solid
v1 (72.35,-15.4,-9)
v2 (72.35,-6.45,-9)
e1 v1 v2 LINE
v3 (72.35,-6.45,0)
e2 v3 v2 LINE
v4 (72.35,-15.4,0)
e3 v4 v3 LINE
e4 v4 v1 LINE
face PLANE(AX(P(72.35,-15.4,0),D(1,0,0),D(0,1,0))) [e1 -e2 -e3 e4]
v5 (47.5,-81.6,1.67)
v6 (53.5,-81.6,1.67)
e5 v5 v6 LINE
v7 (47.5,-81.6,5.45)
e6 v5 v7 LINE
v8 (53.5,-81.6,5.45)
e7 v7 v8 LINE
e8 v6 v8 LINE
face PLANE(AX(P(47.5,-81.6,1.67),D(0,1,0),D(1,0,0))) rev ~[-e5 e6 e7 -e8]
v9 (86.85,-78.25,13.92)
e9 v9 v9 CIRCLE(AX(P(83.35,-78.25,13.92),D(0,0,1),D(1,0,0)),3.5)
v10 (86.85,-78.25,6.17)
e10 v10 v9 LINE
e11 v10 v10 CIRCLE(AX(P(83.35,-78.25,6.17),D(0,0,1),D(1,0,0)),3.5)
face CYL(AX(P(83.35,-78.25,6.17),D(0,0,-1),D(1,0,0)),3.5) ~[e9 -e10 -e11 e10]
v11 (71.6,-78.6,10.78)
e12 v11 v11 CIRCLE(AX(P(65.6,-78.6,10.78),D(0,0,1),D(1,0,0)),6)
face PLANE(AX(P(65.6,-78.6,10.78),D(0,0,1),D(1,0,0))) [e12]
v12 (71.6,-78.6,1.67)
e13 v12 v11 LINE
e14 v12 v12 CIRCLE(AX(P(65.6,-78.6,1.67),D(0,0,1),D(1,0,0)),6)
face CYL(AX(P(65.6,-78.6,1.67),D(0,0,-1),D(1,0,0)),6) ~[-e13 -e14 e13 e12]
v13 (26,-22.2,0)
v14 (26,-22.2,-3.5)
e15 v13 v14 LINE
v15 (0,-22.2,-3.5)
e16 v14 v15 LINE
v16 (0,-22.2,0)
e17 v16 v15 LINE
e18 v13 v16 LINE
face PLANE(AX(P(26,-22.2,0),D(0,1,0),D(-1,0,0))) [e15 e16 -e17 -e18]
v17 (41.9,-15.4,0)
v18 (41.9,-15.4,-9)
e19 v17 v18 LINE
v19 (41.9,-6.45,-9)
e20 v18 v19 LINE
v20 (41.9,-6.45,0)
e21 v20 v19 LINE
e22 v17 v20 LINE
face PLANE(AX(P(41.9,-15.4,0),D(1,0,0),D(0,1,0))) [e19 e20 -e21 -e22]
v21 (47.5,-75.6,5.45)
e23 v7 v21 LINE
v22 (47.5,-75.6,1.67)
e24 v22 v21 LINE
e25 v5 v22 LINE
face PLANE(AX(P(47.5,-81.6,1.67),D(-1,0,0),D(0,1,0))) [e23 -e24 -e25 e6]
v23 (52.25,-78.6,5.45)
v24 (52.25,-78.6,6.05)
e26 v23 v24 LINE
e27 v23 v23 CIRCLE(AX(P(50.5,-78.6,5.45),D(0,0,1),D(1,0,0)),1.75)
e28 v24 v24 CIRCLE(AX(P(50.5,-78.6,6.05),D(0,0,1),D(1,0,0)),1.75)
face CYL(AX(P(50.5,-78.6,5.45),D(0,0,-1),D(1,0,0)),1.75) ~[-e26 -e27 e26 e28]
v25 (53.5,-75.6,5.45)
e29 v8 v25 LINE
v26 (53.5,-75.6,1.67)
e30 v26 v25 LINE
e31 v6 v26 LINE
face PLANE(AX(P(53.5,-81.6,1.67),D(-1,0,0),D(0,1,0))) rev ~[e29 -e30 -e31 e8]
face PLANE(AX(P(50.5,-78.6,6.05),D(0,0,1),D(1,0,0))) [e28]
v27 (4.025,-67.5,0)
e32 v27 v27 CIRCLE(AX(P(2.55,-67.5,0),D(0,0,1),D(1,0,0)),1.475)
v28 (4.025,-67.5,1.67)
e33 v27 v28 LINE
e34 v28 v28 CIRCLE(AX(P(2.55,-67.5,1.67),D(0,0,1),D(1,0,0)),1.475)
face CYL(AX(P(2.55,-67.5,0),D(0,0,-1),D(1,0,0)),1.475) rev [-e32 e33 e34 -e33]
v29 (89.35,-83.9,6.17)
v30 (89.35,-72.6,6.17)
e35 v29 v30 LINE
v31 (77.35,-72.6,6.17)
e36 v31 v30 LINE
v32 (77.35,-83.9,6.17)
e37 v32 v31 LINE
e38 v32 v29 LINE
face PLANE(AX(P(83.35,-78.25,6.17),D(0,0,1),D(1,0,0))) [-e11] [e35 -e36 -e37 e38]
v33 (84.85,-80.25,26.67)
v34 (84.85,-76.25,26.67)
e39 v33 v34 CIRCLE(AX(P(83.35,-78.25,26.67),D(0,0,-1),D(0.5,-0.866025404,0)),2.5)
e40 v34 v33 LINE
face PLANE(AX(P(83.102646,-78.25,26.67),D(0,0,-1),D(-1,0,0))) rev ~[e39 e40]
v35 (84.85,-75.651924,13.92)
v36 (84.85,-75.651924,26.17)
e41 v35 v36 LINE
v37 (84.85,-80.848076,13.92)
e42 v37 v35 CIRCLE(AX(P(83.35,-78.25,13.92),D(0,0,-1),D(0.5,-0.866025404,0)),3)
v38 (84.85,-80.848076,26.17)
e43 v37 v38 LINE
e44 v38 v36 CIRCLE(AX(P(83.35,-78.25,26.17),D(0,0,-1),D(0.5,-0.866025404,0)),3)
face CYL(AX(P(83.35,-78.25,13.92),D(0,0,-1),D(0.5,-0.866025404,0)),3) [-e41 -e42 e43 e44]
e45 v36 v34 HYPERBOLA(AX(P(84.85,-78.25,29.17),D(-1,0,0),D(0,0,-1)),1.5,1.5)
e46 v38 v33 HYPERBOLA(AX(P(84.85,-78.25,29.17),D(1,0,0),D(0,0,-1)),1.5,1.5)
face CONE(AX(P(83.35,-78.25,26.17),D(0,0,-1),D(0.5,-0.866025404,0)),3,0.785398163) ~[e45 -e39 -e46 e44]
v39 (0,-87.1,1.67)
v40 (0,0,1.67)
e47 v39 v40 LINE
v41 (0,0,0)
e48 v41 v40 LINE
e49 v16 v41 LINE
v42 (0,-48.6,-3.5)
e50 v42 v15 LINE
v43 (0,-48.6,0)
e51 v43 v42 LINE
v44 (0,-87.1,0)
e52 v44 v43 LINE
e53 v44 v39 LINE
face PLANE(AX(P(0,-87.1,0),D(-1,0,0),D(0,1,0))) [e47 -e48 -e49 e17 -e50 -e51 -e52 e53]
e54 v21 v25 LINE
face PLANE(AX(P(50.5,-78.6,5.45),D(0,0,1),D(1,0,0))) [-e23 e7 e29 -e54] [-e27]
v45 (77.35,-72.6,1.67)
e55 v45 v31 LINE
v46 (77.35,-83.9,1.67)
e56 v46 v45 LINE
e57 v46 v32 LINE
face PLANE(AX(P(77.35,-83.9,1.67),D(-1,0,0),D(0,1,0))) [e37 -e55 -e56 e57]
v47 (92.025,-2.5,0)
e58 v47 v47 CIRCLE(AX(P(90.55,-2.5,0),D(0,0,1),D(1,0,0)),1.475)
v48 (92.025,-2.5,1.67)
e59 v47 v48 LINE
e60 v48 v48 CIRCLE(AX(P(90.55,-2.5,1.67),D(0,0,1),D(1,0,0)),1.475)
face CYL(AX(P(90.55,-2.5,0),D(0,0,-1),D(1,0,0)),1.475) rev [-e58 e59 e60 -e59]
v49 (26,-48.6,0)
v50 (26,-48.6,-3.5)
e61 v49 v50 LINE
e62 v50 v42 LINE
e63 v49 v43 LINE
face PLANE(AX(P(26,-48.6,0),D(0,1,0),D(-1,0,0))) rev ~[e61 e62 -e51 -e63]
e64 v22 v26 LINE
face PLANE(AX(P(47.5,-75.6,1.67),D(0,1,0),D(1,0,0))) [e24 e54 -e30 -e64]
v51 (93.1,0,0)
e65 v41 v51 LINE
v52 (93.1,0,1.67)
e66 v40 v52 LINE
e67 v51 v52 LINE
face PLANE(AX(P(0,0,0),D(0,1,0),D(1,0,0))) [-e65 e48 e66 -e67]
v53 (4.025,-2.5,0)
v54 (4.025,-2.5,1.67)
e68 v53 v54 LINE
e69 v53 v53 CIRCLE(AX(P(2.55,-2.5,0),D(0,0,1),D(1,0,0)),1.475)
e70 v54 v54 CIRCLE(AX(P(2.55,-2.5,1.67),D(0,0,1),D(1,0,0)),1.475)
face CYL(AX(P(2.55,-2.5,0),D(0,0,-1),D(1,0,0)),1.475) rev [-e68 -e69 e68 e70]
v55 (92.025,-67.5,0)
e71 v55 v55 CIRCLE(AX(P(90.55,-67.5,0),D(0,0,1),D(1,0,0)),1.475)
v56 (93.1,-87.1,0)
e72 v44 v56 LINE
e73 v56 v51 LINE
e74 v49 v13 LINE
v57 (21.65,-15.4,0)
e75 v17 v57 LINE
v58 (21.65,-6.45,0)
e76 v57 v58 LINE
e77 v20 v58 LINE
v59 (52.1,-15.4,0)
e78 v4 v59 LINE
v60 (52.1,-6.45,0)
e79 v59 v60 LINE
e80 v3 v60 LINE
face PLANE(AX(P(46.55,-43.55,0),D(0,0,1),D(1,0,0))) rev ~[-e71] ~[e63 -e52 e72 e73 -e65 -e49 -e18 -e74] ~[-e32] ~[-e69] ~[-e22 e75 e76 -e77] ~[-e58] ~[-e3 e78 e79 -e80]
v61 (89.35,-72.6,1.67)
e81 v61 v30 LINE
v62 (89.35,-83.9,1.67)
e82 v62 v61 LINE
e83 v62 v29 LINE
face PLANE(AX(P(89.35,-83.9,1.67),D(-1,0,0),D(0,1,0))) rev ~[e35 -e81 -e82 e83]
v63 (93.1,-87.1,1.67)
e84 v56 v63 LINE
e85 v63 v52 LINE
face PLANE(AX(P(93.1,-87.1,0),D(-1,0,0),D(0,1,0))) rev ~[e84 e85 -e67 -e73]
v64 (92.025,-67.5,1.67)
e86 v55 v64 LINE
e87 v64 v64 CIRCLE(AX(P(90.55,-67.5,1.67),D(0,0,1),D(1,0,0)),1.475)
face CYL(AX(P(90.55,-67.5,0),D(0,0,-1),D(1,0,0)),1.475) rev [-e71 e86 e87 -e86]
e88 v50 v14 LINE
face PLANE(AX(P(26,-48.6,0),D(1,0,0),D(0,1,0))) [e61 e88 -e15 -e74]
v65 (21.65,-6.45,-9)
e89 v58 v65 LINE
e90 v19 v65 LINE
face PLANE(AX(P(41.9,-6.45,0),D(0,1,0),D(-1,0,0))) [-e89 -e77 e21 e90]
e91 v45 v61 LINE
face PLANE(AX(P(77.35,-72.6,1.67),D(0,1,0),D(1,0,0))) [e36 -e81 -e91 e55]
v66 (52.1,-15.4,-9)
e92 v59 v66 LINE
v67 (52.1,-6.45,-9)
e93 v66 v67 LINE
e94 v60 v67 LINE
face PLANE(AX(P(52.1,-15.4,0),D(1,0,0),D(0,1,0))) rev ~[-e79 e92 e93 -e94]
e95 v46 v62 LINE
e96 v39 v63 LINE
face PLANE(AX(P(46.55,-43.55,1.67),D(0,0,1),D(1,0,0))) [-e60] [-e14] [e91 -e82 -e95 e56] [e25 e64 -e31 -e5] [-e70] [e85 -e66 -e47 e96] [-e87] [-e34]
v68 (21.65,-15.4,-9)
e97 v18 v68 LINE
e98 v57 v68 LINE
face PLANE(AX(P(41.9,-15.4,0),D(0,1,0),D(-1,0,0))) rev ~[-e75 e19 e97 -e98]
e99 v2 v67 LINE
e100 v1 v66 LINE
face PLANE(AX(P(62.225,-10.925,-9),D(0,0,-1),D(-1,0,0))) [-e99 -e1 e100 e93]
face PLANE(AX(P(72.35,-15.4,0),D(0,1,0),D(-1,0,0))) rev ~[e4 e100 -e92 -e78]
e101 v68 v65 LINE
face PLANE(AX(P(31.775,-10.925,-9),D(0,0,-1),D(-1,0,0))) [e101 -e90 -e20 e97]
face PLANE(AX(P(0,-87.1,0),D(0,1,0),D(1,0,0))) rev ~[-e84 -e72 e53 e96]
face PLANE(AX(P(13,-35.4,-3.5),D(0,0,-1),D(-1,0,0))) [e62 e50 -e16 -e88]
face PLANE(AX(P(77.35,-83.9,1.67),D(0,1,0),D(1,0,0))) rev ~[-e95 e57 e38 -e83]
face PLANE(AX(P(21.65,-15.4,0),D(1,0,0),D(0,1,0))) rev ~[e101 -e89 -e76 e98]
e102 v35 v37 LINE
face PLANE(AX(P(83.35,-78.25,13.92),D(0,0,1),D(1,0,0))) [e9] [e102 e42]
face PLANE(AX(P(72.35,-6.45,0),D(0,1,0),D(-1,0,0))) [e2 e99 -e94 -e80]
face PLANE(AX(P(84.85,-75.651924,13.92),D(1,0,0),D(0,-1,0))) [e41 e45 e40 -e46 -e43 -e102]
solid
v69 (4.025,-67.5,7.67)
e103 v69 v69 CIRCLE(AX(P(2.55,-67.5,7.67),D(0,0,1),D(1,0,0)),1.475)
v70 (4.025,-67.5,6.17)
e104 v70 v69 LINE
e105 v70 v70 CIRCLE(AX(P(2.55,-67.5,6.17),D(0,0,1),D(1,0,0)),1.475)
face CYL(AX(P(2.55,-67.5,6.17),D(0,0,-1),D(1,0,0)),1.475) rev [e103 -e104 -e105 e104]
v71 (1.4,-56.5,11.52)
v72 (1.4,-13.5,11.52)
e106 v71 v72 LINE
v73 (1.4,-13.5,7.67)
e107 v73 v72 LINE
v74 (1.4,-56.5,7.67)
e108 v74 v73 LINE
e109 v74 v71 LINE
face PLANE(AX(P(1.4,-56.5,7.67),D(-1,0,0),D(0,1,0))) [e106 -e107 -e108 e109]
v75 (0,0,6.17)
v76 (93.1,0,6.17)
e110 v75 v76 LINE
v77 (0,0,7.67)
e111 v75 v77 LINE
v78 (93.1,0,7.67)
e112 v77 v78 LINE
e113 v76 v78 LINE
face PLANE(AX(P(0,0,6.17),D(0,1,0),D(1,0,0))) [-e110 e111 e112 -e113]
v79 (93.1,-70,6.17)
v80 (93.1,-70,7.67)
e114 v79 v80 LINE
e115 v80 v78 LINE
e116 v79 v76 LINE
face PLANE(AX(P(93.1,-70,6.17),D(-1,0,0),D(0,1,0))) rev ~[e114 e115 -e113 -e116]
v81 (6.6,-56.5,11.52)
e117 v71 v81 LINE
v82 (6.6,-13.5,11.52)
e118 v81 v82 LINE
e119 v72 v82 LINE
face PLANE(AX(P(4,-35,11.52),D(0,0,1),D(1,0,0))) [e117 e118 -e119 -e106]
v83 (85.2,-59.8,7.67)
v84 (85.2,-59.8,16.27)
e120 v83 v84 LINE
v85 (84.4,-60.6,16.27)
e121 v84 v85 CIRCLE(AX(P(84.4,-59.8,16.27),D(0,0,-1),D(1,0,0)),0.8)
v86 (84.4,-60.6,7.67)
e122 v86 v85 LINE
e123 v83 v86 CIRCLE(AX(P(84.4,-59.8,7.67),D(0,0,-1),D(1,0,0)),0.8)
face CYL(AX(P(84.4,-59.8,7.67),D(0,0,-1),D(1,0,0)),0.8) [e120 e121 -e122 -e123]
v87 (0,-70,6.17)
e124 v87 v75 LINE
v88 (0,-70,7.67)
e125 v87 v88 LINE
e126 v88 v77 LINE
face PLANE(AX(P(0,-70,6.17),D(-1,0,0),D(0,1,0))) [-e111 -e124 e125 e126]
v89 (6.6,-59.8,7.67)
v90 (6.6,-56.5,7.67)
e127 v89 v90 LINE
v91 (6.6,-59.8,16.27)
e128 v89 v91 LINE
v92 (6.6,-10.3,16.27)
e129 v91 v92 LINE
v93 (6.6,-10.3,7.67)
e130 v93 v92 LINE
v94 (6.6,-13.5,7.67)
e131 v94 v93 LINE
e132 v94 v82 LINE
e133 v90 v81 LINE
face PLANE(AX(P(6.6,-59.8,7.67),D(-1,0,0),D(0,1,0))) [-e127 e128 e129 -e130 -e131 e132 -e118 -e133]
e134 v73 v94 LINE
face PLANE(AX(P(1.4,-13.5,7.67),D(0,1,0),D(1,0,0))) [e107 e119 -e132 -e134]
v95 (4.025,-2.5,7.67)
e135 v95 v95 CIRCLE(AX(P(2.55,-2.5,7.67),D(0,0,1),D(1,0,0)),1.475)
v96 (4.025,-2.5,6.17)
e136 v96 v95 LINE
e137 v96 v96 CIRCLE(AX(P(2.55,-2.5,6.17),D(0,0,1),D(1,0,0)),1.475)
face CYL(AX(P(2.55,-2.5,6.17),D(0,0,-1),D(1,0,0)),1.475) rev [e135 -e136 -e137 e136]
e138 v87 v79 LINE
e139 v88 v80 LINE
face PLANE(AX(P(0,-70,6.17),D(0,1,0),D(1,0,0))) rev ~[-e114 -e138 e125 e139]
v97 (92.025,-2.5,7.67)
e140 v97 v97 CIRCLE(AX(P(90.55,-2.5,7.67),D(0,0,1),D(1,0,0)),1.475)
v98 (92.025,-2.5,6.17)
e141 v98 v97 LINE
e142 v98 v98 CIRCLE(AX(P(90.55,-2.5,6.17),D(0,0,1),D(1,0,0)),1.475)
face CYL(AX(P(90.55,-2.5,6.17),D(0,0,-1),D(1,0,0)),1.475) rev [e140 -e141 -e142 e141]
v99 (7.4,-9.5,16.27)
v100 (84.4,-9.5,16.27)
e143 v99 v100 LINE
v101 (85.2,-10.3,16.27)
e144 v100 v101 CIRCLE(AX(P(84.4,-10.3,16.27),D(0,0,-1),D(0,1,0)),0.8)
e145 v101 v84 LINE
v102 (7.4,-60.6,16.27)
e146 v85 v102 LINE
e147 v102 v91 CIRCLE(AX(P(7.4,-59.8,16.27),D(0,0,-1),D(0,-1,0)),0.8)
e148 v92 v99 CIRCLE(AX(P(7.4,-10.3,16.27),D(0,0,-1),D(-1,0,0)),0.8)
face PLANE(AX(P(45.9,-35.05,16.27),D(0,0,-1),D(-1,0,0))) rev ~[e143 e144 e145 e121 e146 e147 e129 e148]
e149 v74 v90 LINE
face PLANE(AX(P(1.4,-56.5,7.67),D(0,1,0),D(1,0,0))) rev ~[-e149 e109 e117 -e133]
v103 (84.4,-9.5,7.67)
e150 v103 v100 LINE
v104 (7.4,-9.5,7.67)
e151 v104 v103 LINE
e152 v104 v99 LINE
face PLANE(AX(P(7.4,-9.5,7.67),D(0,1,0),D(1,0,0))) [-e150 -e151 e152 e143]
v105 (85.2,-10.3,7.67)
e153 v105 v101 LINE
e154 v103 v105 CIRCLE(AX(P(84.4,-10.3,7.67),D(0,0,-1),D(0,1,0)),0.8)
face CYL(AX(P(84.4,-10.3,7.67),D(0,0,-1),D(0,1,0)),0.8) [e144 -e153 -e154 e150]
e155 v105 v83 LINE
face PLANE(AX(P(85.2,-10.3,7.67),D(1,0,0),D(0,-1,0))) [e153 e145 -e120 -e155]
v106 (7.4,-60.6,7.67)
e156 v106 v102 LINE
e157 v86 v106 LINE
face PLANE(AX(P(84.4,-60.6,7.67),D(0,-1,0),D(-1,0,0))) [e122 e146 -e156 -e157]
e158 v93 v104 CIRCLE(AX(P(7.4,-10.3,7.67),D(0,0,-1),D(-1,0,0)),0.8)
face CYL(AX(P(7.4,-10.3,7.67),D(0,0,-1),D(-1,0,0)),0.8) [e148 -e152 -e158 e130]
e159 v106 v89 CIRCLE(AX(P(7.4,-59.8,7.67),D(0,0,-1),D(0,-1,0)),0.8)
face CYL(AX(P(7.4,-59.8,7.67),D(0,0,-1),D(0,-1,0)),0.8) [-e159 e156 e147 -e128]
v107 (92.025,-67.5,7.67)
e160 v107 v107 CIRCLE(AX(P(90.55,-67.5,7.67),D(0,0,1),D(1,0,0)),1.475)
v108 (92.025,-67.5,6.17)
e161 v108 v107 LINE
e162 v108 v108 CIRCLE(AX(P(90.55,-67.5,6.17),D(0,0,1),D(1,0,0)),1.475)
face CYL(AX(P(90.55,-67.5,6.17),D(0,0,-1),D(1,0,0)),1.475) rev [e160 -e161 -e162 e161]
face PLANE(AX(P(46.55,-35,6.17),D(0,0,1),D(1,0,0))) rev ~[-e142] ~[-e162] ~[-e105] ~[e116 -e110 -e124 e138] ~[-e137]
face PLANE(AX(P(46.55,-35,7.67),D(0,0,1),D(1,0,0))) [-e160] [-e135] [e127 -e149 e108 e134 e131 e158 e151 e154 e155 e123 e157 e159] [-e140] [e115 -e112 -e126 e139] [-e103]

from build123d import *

# Parameters (mm, degrees)
SKETCH1_W            = 93.1
SKETCH1_H            = 87.1
SKETCH1_R            = 1.475
BOSS_EXTRUDE1_DEPTH  = 1.67
BOSS_EXTRUDE2_START  = 4.5
SKETCH2_W            = 93.1
SKETCH2_H            = 70
SKETCH2_R            = 1.475
BOSS_EXTRUDE2_DEPTH  = 1.5
BOSS_EXTRUDE3_DEPTH  = 8.6
SKETCH4_W            = 5.2
SKETCH4_H            = 43
BOSS_EXTRUDE4_DEPTH  = 3.85
SKETCH5_W            = 6
SKETCH5_H            = 6
BOSS_EXTRUDE5_DEPTH  = 3.78
SKETCH6_R            = 1.75
BOSS_EXTRUDE6_DEPTH  = 0.6
SKETCH7_R            = 6
BOSS_EXTRUDE7_DEPTH  = 9.11
SKETCH8_W            = 12
SKETCH8_H            = 11.3
BOSS_EXTRUDE8_DEPTH  = 4.5
SKETCH9_R            = 3.5
BOSS_EXTRUDE10_DEPTH = 7.75
BOSS_EXTRUDE11_DEPTH = 12.75
CHAMFER1_SIZE        = 0.5
SKETCH12_W           = 20.25
SKETCH12_H           = 8.95
BOSS_EXTRUDE12_DEPTH = 9
SKETCH13_W           = 26
SKETCH13_H           = 26.4
BOSS_EXTRUDE13_DEPTH = 3.5


with BuildPart() as part:
    # Sketch1 → Boss-Extrude1 (new body)
    with BuildSketch(Plane.XY):
        with Locations((46.55, -43.55)):
            Rectangle(SKETCH1_W, SKETCH1_H)
        with Locations((2.55, -2.5)):
            Circle(SKETCH1_R, mode=Mode.SUBTRACT)
        with Locations((90.55, -2.5)):
            Circle(SKETCH1_R, mode=Mode.SUBTRACT)
        with Locations((2.55, -67.5)):
            Circle(SKETCH1_R, mode=Mode.SUBTRACT)
        with Locations((90.55, -67.5)):
            Circle(SKETCH1_R, mode=Mode.SUBTRACT)
    extrude(amount=BOSS_EXTRUDE1_DEPTH)

    # Sketch5 → Boss-Extrude5 (add)
    with BuildSketch(Plane.XY.offset(1.67)):
        with Locations((50.5, -78.6)):
            Rectangle(SKETCH5_W, SKETCH5_H)
    extrude(amount=BOSS_EXTRUDE5_DEPTH)

    # Sketch6 → Boss-Extrude6 (add)
    with BuildSketch(Plane.XY.offset(5.45)):
        with Locations((50.5, -78.6)):
            Circle(SKETCH6_R)
    extrude(amount=BOSS_EXTRUDE6_DEPTH)

    # Sketch7 → Boss-Extrude7 (add)
    with BuildSketch(Plane.XY.offset(1.67)):
        with Locations((65.6, -78.6)):
            Circle(SKETCH7_R)
    extrude(amount=BOSS_EXTRUDE7_DEPTH)

    # Sketch8 → Boss-Extrude8 (add)
    with BuildSketch(Plane.XY.offset(1.67)):
        with Locations((83.35, -78.25)):
            Rectangle(SKETCH8_W, SKETCH8_H)
    extrude(amount=BOSS_EXTRUDE8_DEPTH)

    # Sketch9 → Boss-Extrude10 (add)
    with BuildSketch(Plane.XY.offset(6.17)):
        with Locations((83.35, -78.25)):
            Circle(SKETCH9_R)
    extrude(amount=BOSS_EXTRUDE10_DEPTH)

    # Sketch11 → Boss-Extrude11 (add)
    with BuildSketch(Plane.XY.offset(13.92)):
        with BuildLine():
            Line((84.85, -75.651923789), (84.85, -80.848076211))
            ThreePointArc((84.85, -80.848076211), (80.35, -78.25), (84.85, -75.651923789))
        make_face()
    extrude(amount=BOSS_EXTRUDE11_DEPTH)

    # Chamfer1
    chamfer1_edges = [part.edges().sort_by_distance(p)[0] for p in [
        (80.35, -78.25, 26.67),
    ]]
    chamfer(chamfer1_edges, length=CHAMFER1_SIZE)

    # Sketch12 → Boss-Extrude12 (add)
    with BuildSketch(Plane(origin=(0, 0, 0), x_dir=(-1, 0, 0), z_dir=(0, 0, -1))):
        with Locations((-62.225, -10.925)):
            Rectangle(SKETCH12_W, SKETCH12_H)
        with Locations((-31.775, -10.925)):
            Rectangle(SKETCH12_W, SKETCH12_H)
    extrude(amount=BOSS_EXTRUDE12_DEPTH)

    # Sketch13 → Boss-Extrude13 (add)
    with BuildSketch(Plane(origin=(0, 0, 0), x_dir=(-1, 0, 0), z_dir=(0, 0, -1))):
        with Locations((-13, -35.4)):
            Rectangle(SKETCH13_W, SKETCH13_H)
    extrude(amount=BOSS_EXTRUDE13_DEPTH)


with BuildPart() as body_2:
    # Sketch2 → Boss-Extrude2 (new body)
    with BuildSketch(Plane.XY.offset(1.67).offset(BOSS_EXTRUDE2_START)):
        with Locations((46.55, -35)):
            Rectangle(SKETCH2_W, SKETCH2_H)
        with Locations((2.55, -2.5)):
            Circle(SKETCH2_R, mode=Mode.SUBTRACT)
        with Locations((2.55, -67.5)):
            Circle(SKETCH2_R, mode=Mode.SUBTRACT)
        with Locations((90.55, -67.5)):
            Circle(SKETCH2_R, mode=Mode.SUBTRACT)
        with Locations((90.55, -2.5)):
            Circle(SKETCH2_R, mode=Mode.SUBTRACT)
    extrude(amount=BOSS_EXTRUDE2_DEPTH)

    # Sketch3 → Boss-Extrude3 (add)
    with BuildSketch(Plane.XY.offset(7.67)):
        with BuildLine():
            Line((7.4, -9.5), (84.4, -9.5))
            ThreePointArc((84.4, -9.5), (84.965685425, -9.734314575), (85.2, -10.3))
            Line((85.2, -10.3), (85.2, -59.8))
            ThreePointArc((85.2, -59.8), (84.965685425, -60.365685425), (84.4, -60.6))
            Line((84.4, -60.6), (7.4, -60.6))
            ThreePointArc((7.4, -60.6), (6.834314575, -60.365685425), (6.6, -59.8))
            Line((6.6, -59.8), (6.6, -10.3))
            ThreePointArc((6.6, -10.3), (6.834314575, -9.734314575), (7.4, -9.5))
        make_face()
    extrude(amount=BOSS_EXTRUDE3_DEPTH)

    # Sketch4 → Boss-Extrude4 (add)
    with BuildSketch(Plane.XY.offset(7.67)):
        with Locations((4, -35)):
            Rectangle(SKETCH4_W, SKETCH4_H)
    extrude(amount=BOSS_EXTRUDE4_DEPTH)


solid = Compound([part.part, body_2.part])
